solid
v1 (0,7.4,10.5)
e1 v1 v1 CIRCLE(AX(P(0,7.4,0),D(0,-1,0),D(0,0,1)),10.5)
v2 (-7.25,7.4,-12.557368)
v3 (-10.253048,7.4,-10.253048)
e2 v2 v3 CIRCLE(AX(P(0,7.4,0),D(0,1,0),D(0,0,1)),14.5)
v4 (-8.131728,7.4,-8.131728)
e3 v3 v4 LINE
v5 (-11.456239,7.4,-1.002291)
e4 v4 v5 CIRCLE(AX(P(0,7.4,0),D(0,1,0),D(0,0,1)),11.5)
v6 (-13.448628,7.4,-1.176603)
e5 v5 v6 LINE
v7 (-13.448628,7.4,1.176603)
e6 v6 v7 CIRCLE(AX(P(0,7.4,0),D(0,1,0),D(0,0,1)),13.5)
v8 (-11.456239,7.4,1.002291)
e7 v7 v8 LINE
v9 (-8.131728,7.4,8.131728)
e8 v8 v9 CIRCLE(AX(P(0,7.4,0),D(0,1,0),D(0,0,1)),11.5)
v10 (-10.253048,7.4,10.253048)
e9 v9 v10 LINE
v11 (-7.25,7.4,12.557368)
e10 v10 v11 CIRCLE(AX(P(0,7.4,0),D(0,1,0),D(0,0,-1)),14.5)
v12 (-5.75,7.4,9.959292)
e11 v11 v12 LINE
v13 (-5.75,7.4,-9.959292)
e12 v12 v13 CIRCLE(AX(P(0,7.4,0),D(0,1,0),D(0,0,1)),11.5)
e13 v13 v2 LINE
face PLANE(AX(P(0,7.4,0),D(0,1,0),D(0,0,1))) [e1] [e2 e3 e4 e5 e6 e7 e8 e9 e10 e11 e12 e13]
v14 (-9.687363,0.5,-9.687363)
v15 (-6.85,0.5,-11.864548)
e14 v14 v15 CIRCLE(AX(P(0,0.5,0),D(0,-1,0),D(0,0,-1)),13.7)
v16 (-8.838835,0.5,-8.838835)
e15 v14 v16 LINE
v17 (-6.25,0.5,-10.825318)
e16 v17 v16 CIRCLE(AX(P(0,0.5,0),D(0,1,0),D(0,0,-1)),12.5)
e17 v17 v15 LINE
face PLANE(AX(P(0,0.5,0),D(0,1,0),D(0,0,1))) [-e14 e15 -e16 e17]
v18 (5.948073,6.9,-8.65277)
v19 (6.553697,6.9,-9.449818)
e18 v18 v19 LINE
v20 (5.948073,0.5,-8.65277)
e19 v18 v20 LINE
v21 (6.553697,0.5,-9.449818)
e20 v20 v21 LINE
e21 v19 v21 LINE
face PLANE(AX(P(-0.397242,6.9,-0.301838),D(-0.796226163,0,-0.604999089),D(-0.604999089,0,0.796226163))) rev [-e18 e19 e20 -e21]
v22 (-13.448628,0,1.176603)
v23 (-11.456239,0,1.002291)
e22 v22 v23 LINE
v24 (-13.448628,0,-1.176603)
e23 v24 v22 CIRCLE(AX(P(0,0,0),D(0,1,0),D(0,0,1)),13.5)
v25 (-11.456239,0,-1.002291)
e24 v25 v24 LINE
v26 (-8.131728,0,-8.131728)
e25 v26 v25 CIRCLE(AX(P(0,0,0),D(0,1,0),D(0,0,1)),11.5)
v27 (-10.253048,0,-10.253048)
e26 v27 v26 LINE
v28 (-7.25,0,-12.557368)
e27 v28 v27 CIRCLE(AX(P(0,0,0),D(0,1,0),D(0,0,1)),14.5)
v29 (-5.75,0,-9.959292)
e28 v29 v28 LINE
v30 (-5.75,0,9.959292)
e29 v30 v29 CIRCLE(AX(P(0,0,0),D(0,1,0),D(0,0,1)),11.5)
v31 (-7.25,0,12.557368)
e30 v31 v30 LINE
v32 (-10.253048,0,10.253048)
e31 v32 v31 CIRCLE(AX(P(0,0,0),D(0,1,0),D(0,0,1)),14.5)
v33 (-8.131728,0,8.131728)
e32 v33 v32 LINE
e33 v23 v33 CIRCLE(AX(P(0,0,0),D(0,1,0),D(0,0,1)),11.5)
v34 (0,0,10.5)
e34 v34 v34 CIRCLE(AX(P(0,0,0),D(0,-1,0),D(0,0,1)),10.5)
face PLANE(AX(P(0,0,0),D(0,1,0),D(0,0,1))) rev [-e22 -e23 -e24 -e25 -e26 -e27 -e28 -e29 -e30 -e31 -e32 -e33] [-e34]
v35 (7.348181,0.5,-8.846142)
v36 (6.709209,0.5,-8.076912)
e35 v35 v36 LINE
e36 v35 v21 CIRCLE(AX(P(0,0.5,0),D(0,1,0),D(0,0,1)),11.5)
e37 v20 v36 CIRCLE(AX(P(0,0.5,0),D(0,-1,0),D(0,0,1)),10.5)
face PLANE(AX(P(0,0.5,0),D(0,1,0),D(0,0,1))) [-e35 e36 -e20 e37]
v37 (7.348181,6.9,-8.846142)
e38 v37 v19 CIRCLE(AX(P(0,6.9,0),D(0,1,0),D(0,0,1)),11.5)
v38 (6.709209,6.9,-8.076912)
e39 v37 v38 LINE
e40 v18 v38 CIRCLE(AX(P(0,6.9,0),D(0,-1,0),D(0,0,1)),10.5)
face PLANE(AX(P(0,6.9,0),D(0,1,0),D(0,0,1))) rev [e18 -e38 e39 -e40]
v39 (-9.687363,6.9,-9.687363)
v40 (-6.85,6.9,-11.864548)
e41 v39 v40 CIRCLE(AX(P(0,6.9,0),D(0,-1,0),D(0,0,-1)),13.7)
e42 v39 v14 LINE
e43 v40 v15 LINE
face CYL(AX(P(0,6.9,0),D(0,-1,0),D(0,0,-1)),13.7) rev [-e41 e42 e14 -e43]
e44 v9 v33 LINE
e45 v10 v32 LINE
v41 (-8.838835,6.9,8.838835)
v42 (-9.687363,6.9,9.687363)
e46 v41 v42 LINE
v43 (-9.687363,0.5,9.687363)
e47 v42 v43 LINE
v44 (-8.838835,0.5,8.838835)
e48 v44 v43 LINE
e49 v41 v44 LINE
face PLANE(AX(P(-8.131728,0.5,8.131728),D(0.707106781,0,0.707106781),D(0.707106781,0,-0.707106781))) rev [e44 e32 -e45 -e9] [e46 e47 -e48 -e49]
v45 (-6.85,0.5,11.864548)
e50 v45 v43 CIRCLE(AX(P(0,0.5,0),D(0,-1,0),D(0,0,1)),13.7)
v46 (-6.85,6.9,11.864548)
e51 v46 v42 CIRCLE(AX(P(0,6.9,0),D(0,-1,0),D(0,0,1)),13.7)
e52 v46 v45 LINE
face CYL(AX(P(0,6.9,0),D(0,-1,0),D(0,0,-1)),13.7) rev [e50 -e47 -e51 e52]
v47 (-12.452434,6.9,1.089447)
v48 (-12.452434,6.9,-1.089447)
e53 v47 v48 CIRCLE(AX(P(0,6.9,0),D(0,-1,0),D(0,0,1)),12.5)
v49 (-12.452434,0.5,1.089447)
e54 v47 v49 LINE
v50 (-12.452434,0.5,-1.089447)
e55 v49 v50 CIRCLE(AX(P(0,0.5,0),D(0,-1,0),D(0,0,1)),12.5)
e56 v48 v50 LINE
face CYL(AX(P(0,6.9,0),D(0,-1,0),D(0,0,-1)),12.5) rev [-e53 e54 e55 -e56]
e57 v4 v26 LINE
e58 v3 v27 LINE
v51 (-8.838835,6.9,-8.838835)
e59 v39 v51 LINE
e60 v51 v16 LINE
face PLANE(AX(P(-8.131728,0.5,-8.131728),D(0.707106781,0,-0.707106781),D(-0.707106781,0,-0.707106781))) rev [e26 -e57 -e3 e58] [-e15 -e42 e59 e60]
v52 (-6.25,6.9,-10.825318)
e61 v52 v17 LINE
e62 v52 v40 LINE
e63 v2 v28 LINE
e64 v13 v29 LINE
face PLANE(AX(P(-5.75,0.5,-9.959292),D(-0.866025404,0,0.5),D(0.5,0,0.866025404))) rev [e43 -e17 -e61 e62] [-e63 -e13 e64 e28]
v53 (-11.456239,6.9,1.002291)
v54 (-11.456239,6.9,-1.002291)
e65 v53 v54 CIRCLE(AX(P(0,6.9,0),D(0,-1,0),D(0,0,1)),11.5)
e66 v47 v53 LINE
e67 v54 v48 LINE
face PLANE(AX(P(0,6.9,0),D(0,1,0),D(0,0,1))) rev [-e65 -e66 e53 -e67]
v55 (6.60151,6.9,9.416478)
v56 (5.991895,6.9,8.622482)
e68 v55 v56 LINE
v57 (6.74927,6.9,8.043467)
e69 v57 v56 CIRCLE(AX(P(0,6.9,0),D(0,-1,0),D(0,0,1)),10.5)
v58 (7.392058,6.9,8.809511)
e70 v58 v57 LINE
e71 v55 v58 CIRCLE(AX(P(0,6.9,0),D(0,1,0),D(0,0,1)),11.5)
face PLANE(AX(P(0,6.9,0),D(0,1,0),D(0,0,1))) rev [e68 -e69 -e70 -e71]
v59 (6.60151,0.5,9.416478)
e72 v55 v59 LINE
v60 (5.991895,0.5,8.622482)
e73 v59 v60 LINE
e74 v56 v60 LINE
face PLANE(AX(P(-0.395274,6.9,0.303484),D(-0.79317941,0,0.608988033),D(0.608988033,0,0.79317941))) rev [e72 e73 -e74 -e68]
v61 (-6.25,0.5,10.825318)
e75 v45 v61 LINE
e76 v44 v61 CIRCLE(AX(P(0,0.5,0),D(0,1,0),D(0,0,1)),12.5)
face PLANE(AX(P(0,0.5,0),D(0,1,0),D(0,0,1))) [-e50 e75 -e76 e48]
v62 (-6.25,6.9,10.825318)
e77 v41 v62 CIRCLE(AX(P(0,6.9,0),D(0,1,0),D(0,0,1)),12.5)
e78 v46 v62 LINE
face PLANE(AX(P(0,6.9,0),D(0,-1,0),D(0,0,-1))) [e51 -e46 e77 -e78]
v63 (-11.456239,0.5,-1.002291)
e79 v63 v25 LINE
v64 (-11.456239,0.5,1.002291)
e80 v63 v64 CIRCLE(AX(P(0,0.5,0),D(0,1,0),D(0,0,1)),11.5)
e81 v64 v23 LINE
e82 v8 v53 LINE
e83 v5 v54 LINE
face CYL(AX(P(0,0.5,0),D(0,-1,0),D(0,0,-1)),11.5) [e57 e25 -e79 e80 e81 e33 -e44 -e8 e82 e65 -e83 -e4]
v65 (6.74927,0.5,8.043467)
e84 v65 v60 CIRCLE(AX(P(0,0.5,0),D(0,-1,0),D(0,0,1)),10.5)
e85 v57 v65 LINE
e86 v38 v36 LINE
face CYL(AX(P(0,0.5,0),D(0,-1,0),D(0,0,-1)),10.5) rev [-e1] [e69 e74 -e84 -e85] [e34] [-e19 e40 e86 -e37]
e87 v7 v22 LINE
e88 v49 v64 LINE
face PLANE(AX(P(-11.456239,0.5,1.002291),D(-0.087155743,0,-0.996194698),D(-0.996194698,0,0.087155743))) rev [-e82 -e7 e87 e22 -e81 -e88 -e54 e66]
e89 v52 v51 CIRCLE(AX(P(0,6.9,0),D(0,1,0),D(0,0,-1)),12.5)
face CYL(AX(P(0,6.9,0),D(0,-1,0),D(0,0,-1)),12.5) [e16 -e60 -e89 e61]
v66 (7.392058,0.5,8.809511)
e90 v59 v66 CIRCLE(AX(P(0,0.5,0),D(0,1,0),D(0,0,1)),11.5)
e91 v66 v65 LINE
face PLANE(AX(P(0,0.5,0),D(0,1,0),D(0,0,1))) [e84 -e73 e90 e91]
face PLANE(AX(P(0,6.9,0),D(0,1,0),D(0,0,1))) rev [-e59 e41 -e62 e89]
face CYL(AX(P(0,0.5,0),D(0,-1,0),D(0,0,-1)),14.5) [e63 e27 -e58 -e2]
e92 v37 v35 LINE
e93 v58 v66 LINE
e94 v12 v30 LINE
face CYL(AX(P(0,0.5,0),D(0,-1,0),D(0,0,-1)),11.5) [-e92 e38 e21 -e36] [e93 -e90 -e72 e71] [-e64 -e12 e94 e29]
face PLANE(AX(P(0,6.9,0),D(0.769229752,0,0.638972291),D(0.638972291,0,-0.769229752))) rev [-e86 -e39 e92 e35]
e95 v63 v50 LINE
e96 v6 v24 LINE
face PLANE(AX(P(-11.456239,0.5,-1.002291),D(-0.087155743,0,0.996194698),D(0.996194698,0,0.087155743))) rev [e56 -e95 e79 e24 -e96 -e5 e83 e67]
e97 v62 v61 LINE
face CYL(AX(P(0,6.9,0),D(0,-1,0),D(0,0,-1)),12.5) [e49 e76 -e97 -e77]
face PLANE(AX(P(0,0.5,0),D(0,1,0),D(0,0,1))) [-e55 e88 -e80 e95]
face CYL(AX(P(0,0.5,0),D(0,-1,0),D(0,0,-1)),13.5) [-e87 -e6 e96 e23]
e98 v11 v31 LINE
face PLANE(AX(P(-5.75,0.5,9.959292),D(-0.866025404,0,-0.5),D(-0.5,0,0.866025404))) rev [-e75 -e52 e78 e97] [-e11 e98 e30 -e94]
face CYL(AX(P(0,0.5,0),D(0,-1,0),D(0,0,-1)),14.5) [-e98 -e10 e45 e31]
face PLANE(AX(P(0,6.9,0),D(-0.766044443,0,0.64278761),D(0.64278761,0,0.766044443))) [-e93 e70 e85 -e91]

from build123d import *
from build123d.topology import SkipClean

# Parameters (mm, degrees)
EXTRUDE_1_DEPTH = 0.5
EXTRUDE_2_DEPTH = 6.4
EXTRUDE_3_DEPTH = 0.5
EXTRUDE_4_DEPTH = 6.4
EXTRUDE_5_DEPTH = 0.5
EXTRUDE_START   = -7.4
EXTRUDE_6_DEPTH = 7.4


with BuildPart() as part:
    # 草图1 → 凸台-拉伸1 (new body)
    with BuildSketch(Plane(origin=(0, 0, 0), x_dir=(1, 0, 0), z_dir=(0, 1, 0))):
        with BuildLine():
            Line((11.456239028, 1.002291042), (10.46004433, 0.915135299))
            ThreePointArc((10.46004433, 0.915135299), (-10.5, 0), (10.46004433, -0.915135299))
            Line((10.46004433, -0.915135299), (11.456239028, -1.002291042))
            ThreePointArc((11.456239028, -1.002291042), (5.310109052, -10.200624582), (-5.75, -9.959292144))
            Line((-5.75, -9.959292144), (-7.25, -12.557368355))
            ThreePointArc((-7.25, -12.557368355), (-8.827040721, -11.503623434), (-10.253048327, -10.253048327))
            Line((-10.253048327, -10.253048327), (-8.131727984, -8.131727984))
            ThreePointArc((-8.131727984, -8.131727984), (-10.422539551, -4.86011001), (-11.456239028, -1.002291042))
            Line((-11.456239028, -1.002291042), (-13.448628424, -1.176602527))
            ThreePointArc((-13.448628424, -1.176602527), (-13.5, 0), (-13.448628424, 1.176602527))
            Line((-13.448628424, 1.176602527), (-11.456239028, 1.002291042))
            ThreePointArc((-11.456239028, 1.002291042), (-10.422539551, 4.86011001), (-8.131727984, 8.131727984))
            Line((-8.131727984, 8.131727984), (-10.253048327, 10.253048327))
            ThreePointArc((-10.253048327, 10.253048327), (-8.827040721, 11.503623434), (-7.25, 12.557368355))
            Line((-7.25, 12.557368355), (-5.75, 9.959292144))
            ThreePointArc((-5.75, 9.959292144), (5.310109052, 10.200624582), (11.456239028, 1.002291042))
        make_face()
    extrude(amount=EXTRUDE_1_DEPTH)

    # 草图10 → 凸台-拉伸2 (add)
    with BuildSketch(Plane(origin=(0, 0.5, 0), x_dir=(1, 0, 0), z_dir=(0, 1, 0))):
        with BuildLine():
            Line((10.46004433, -0.915135299), (11.456239028, -1.002291042))
            ThreePointArc((11.456239028, -1.002291042), (10.200624582, -5.310109052), (7.392057511, -8.809511096))
            Line((7.392057511, -8.809511096), (6.749269902, -8.043466653))
            ThreePointArc((6.749269902, -8.043466653), (9.313613748, -4.848360439), (10.46004433, -0.915135299))
        make_face()
        with BuildLine():
            Line((10.46004433, 0.915135299), (11.456239028, 1.002291042))
            ThreePointArc((11.456239028, 1.002291042), (10.187396942, 5.335442206), (7.348181349, 8.846142146))
            Line((7.348181349, 8.846142146), (6.709209057, 8.076912394))
            ThreePointArc((6.709209057, 8.076912394), (9.301536339, 4.87149071), (10.46004433, 0.915135299))
        make_face()
        with BuildLine():
            Line((6.601509895, -9.416478488), (5.991894646, -8.622482157))
            ThreePointArc((5.991894646, -8.622482157), (-10.499966218, -0.026634823), (5.94807324, 8.652769772))
            Line((5.94807324, 8.652769772), (6.553696854, 9.449817858))
            ThreePointArc((6.553696854, 9.449817858), (-11.49996307, -0.02914447), (6.601509895, -9.416478488))
        make_face()
    extrude(amount=EXTRUDE_2_DEPTH)

    # 草图11 → 凸台-拉伸3 (add)
    with BuildSketch(Plane(origin=(0, 6.9, 0), x_dir=(1, 0, 0), z_dir=(0, 1, 0))):
        with BuildLine():
            Line((10.46004433, 0.915135299), (11.456239028, 1.002291042))
            ThreePointArc((11.456239028, 1.002291042), (-11.5, 0), (11.456239028, -1.002291042))
            Line((11.456239028, -1.002291042), (10.46004433, -0.915135299))
            ThreePointArc((10.46004433, -0.915135299), (-10.5, 0), (10.46004433, 0.915135299))
        make_face()
    extrude(amount=EXTRUDE_3_DEPTH)

    # 草图12 → 凸台-拉伸4 (add)
    with BuildSketch(Plane(origin=(0, 0.5, 0), x_dir=(1, 0, 0), z_dir=(0, 1, 0))):
        with BuildLine():
            Line((-8.131727984, -8.131727984), (-8.838834765, -8.838834765))
            ThreePointArc((-8.838834765, -8.838834765), (-7.609517863, -9.916916754), (-6.25, -10.825317547))
            Line((-6.25, -10.825317547), (-5.75, -9.959292144))
            ThreePointArc((-5.75, -9.959292144), (-7.000756434, -9.123563413), (-8.131727984, -8.131727984))
        make_face()
        with BuildLine():
            Line((-10.253048327, -10.253048327), (-9.687362902, -9.687362902))
            ThreePointArc((-9.687362902, -9.687362902), (-8.340031577, -10.868940762), (-6.85, -11.864548032))
            Line((-6.85, -11.864548032), (-7.25, -12.557368355))
            ThreePointArc((-7.25, -12.557368355), (-8.827040721, -11.503623434), (-10.253048327, -10.253048327))
        make_face()
        with BuildLine():
            Line((-10.253048327, 10.253048327), (-9.687362902, 9.687362902))
            ThreePointArc((-9.687362902, 9.687362902), (-8.340031577, 10.868940762), (-6.85, 11.864548032))
            Line((-6.85, 11.864548032), (-7.25, 12.557368355))
            ThreePointArc((-7.25, 12.557368355), (-8.827040721, 11.503623434), (-10.253048327, 10.253048327))
        make_face()
        with BuildLine():
            Line((-5.75, 9.959292144), (-6.25, 10.825317547))
            ThreePointArc((-6.25, 10.825317547), (-7.609517863, 9.916916754), (-8.838834765, 8.838834765))
            Line((-8.838834765, 8.838834765), (-8.131727984, 8.131727984))
            ThreePointArc((-8.131727984, 8.131727984), (-7.000756434, 9.123563413), (-5.75, 9.959292144))
        make_face()
        with BuildLine():
            Line((-13.448628424, 1.176602527), (-12.452433726, 1.089446784))
            ThreePointArc((-12.452433726, 1.089446784), (-12.5, 0), (-12.452433726, -1.089446784))
            Line((-12.452433726, -1.089446784), (-13.448628424, -1.176602527))
            ThreePointArc((-13.448628424, -1.176602527), (-13.5, 0), (-13.448628424, 1.176602527))
        make_face()
    extrude(amount=EXTRUDE_4_DEPTH)

    # 草图13 → 凸台-拉伸5 (add)
    with BuildSketch(Plane(origin=(0, 6.9, 0), x_dir=(1, 0, 0), z_dir=(0, 1, 0))):
        with BuildLine():
            Line((-8.131727984, -8.131727984), (-10.253048327, -10.253048327))
            ThreePointArc((-10.253048327, -10.253048327), (-8.827040721, -11.503623434), (-7.25, -12.557368355))
            Line((-7.25, -12.557368355), (-5.75, -9.959292144))
            ThreePointArc((-5.75, -9.959292144), (-7.000756434, -9.123563413), (-8.131727984, -8.131727984))
        make_face()
        with BuildLine():
            Line((-7.25, 12.557368355), (-5.75, 9.959292144))
            ThreePointArc((-5.75, 9.959292144), (-7.000756434, 9.123563413), (-8.131727984, 8.131727984))
            Line((-8.131727984, 8.131727984), (-10.253048327, 10.253048327))
            ThreePointArc((-10.253048327, 10.253048327), (-8.827040721, 11.503623434), (-7.25, 12.557368355))
        make_face()
        with BuildLine():
            Line((-13.448628424, 1.176602527), (-11.456239028, 1.002291042))
            ThreePointArc((-11.456239028, 1.002291042), (-11.5, 0), (-11.456239028, -1.002291042))
            Line((-11.456239028, -1.002291042), (-13.448628424, -1.176602527))
            ThreePointArc((-13.448628424, -1.176602527), (-13.5, 0), (-13.448628424, 1.176602527))
        make_face()
    extrude(amount=EXTRUDE_5_DEPTH)

    # 草图14 → 凸台-拉伸6 (add)
    with SkipClean():  # the faces are left unmerged after this step: merging them gives an invalid solid
        with BuildSketch(Plane(origin=(0, 7.4, 0), x_dir=(1, 0, 0), z_dir=(0, 1, 0)).offset(EXTRUDE_START)):
            with BuildLine():
                Line((10.46004433, 0.915135299), (11.456239028, 1.002291042))
                ThreePointArc((11.456239028, 1.002291042), (11.5, 0), (11.456239028, -1.002291042))
                Line((11.456239028, -1.002291042), (10.46004433, -0.915135299))
                ThreePointArc((10.46004433, -0.915135299), (10.5, 0), (10.46004433, 0.915135299))
            make_face()
        extrude(amount=EXTRUDE_6_DEPTH)


solid = part.part
